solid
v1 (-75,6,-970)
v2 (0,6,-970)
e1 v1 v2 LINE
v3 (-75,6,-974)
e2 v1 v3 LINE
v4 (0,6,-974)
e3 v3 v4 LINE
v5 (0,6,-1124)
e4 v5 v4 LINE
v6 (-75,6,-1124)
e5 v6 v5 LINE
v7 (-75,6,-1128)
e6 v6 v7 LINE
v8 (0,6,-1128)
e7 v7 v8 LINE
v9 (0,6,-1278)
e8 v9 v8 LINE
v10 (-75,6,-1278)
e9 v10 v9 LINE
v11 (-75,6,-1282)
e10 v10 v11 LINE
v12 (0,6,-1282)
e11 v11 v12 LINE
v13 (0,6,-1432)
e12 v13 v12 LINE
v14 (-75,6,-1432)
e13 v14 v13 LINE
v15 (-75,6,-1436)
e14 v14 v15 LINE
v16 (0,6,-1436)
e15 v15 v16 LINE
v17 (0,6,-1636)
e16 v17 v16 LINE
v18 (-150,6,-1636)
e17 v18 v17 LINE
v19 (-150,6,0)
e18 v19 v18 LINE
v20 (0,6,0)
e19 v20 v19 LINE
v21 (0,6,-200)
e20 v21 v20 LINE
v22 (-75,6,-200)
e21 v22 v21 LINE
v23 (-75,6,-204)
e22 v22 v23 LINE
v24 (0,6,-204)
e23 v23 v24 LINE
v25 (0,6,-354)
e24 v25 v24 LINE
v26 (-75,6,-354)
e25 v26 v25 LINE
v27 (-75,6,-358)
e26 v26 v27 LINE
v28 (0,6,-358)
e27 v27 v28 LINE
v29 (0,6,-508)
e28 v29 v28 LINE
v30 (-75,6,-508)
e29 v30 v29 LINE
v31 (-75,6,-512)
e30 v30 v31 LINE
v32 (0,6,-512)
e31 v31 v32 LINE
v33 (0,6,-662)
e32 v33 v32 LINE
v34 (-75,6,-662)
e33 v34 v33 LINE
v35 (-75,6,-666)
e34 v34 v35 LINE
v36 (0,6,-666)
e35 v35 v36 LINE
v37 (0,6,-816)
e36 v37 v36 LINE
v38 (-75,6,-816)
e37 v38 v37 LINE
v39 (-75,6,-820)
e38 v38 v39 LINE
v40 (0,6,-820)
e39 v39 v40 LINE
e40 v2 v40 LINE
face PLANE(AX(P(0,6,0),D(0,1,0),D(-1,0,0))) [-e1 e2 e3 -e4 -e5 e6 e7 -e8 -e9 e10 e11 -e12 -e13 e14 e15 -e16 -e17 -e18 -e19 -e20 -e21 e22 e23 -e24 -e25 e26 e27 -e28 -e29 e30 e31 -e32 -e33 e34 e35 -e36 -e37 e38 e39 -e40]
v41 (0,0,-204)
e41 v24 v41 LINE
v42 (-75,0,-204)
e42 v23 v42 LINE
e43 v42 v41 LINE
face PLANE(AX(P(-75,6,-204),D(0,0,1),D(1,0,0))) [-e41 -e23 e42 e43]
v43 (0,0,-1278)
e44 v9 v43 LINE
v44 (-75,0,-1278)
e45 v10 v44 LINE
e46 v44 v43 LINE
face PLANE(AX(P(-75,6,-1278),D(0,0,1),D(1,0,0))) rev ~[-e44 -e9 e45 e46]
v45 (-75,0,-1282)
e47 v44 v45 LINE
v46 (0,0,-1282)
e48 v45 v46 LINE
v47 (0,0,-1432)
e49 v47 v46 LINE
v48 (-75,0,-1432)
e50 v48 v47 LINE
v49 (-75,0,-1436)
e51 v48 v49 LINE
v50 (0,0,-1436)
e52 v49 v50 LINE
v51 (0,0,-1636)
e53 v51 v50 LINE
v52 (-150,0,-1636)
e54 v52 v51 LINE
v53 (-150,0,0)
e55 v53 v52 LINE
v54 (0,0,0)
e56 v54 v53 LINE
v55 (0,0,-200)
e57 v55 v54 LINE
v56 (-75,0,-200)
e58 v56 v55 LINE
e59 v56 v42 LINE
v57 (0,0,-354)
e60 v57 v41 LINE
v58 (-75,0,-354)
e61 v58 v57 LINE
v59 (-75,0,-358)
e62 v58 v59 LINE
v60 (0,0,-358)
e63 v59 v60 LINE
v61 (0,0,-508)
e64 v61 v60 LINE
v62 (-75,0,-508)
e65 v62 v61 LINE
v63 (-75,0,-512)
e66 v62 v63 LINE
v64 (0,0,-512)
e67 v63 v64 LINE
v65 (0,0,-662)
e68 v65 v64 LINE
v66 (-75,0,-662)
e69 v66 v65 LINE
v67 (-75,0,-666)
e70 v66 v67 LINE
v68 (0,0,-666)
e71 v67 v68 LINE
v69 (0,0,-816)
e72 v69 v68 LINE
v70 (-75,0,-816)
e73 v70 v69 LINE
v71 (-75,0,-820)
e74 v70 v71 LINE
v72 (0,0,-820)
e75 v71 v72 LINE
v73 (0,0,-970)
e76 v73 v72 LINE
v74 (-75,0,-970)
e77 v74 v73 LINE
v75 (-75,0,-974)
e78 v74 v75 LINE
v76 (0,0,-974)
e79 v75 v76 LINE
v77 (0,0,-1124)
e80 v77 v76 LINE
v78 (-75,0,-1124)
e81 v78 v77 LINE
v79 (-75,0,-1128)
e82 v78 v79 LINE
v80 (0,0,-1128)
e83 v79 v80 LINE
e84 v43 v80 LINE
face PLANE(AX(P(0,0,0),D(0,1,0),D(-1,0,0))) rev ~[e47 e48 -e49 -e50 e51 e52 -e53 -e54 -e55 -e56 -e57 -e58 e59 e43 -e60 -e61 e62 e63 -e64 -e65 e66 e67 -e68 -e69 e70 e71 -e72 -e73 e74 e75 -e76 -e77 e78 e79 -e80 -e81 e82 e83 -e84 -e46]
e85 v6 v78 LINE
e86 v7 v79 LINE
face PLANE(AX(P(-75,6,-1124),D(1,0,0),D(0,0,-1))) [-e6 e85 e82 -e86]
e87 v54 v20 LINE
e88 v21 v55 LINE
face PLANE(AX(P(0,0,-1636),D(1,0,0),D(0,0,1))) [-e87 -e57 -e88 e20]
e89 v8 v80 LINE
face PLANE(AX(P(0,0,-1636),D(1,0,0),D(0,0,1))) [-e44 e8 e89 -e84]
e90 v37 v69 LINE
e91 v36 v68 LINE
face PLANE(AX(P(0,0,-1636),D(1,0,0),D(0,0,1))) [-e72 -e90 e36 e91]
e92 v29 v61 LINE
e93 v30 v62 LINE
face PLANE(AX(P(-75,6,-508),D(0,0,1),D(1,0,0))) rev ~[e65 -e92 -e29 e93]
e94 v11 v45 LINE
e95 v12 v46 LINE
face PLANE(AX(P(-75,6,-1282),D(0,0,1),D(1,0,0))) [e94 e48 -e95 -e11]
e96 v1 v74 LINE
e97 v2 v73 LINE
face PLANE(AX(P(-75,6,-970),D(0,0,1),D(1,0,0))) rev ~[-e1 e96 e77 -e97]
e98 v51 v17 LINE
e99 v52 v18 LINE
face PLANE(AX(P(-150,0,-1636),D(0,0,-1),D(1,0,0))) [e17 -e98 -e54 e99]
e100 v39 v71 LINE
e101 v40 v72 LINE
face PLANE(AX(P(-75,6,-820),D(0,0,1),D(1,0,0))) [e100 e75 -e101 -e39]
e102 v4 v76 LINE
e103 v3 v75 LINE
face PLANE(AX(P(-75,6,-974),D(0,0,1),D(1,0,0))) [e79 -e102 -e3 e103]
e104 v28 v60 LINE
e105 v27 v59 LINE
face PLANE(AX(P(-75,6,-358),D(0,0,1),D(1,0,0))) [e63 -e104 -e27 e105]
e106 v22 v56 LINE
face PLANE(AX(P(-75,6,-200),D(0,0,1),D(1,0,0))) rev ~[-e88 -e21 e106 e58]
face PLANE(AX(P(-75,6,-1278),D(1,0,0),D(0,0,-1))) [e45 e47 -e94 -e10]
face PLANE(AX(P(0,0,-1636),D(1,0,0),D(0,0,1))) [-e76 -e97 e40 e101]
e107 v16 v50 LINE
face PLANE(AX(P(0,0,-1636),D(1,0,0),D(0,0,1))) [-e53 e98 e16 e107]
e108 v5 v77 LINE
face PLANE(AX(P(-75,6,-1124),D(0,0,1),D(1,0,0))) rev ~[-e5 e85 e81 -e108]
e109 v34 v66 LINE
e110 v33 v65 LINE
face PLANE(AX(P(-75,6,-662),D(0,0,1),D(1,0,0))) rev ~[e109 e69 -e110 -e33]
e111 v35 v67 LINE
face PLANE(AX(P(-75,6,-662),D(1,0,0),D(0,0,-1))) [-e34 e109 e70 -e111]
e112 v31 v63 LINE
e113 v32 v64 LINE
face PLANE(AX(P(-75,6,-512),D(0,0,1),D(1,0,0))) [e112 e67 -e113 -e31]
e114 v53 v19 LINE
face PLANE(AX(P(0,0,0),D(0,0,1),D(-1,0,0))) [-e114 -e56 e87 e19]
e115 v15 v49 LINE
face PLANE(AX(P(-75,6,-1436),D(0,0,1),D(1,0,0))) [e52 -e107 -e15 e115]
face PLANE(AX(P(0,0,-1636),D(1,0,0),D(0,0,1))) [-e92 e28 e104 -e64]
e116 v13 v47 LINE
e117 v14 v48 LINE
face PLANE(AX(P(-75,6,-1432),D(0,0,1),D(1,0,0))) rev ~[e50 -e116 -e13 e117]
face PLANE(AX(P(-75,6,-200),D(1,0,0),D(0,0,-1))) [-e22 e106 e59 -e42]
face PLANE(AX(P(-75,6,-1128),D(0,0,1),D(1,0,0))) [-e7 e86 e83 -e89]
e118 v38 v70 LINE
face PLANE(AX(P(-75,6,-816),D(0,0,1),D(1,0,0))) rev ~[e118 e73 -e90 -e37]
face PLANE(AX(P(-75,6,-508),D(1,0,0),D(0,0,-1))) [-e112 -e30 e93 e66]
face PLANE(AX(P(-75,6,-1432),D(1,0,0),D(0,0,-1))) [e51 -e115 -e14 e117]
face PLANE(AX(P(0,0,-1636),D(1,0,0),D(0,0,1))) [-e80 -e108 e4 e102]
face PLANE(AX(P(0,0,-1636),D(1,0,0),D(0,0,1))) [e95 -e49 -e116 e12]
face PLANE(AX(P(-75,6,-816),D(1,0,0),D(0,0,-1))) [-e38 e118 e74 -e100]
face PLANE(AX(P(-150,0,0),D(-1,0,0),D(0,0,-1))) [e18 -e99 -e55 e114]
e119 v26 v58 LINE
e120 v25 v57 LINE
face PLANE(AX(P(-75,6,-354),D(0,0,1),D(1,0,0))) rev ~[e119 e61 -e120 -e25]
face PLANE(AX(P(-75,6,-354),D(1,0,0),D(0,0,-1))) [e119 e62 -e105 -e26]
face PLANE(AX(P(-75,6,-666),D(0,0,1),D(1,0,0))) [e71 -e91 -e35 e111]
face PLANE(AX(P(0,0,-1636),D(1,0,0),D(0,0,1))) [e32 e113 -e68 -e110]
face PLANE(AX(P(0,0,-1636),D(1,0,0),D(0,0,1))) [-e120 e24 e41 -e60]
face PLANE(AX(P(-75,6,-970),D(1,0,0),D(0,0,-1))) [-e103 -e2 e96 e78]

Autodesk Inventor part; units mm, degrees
ref_plane "YZ Plane" through (0, 0, 0) normal (1, 0, 0) x (0, 1, 0)
ref_plane "XZ Plane" through (0, 0, 0) normal (0, 1, 0) x (-1, 0, 0)
ref_plane "XY Plane" through (0, 0, 0) normal (0, 0, 1) x (1, 0, 0)
sketch "Sketch1" plane through (0, 0, 0) normal (0, 1, 0) x (-1, 0, 0)
  line L0 (0, 0) -> (150, 0)
  line L1 (150, 0) -> (150, -1636)
  line L2 (150, -1636) -> (0, -1636)
  line L3 (0, -1636) -> (0, 0)
  dimension "d0" = 150
  dimension "d1" = 1636
extrude "Extrusion1" add sketch "Sketch1" along normal blind 6
sketch "Sketch2" plane through (0, 6, 0) normal (0, 1, 0) x (1, 0, 0)
  line L0 (-150, 200) -> (0, 200)
  line L1 (-150, 0) -> (0, 0) projected
  line L2 (-150, 204) -> (0, 204)
  line L3 (-75, 200) -> (-75, 204)
  line L4 (-150, 354) -> (0, 354)
  line L5 (-150, 358) -> (0, 358)
  line L6 (-75, 354) -> (-75, 358)
  line L7 (-150, 508) -> (0, 508)
  line L8 (-150, 512) -> (0, 512)
  line L9 (-75, 508) -> (-75, 512)
  line L10 (-150, 662) -> (0, 662)
  line L11 (-150, 666) -> (0, 666)
  line L12 (-75, 662) -> (-75, 666)
  line L13 (-150, 816) -> (0, 816)
  line L14 (-150, 820) -> (0, 820)
  line L15 (-75, 816) -> (-75, 820)
  line L16 (-150, 970) -> (0, 970)
  line L17 (-150, 974) -> (0, 974)
  line L18 (-75, 970) -> (-75, 974)
  line L19 (-150, 1436) -> (0, 1436)
  line L20 (-150, 1432) -> (0, 1432)
  line L21 (-150, 1282) -> (0, 1282)
  line L22 (-150, 1278) -> (0, 1278)
  line L23 (-150, 1128) -> (0, 1128)
  line L24 (-150, 1124) -> (0, 1124)
  line L25 (-75, 1124) -> (-75, 1128)
  line L26 (-75, 1278) -> (-75, 1282)
  line L27 (-75, 1432) -> (-75, 1436)
  line L28 (0, 0) -> (0, 1636) projected
  line L29 (0, 0) -> (0, 1636)
  dimension "d4" = 200
  dimension "d5" = 4
  dimension "d6" = 150
  dimension "d7" = 4
  dimension "d8" = 150
  dimension "d9" = 4
  dimension "d10" = 150
  dimension "d11" = 4
  dimension "d12" = 150
  dimension "d13" = 4
  dimension "d14" = 150
  dimension "d15" = 4
  dimension "d19" = 150
  dimension "d21" = 150
  dimension "d22" = 150
  dimension "d40" = 4
  dimension "d41" = 4
  dimension "d42" = 4
extrude "Extrusion2" cut sketch "Sketch2" against normal blind 6
properties part number "Base" material "Wood (Cherry)"
